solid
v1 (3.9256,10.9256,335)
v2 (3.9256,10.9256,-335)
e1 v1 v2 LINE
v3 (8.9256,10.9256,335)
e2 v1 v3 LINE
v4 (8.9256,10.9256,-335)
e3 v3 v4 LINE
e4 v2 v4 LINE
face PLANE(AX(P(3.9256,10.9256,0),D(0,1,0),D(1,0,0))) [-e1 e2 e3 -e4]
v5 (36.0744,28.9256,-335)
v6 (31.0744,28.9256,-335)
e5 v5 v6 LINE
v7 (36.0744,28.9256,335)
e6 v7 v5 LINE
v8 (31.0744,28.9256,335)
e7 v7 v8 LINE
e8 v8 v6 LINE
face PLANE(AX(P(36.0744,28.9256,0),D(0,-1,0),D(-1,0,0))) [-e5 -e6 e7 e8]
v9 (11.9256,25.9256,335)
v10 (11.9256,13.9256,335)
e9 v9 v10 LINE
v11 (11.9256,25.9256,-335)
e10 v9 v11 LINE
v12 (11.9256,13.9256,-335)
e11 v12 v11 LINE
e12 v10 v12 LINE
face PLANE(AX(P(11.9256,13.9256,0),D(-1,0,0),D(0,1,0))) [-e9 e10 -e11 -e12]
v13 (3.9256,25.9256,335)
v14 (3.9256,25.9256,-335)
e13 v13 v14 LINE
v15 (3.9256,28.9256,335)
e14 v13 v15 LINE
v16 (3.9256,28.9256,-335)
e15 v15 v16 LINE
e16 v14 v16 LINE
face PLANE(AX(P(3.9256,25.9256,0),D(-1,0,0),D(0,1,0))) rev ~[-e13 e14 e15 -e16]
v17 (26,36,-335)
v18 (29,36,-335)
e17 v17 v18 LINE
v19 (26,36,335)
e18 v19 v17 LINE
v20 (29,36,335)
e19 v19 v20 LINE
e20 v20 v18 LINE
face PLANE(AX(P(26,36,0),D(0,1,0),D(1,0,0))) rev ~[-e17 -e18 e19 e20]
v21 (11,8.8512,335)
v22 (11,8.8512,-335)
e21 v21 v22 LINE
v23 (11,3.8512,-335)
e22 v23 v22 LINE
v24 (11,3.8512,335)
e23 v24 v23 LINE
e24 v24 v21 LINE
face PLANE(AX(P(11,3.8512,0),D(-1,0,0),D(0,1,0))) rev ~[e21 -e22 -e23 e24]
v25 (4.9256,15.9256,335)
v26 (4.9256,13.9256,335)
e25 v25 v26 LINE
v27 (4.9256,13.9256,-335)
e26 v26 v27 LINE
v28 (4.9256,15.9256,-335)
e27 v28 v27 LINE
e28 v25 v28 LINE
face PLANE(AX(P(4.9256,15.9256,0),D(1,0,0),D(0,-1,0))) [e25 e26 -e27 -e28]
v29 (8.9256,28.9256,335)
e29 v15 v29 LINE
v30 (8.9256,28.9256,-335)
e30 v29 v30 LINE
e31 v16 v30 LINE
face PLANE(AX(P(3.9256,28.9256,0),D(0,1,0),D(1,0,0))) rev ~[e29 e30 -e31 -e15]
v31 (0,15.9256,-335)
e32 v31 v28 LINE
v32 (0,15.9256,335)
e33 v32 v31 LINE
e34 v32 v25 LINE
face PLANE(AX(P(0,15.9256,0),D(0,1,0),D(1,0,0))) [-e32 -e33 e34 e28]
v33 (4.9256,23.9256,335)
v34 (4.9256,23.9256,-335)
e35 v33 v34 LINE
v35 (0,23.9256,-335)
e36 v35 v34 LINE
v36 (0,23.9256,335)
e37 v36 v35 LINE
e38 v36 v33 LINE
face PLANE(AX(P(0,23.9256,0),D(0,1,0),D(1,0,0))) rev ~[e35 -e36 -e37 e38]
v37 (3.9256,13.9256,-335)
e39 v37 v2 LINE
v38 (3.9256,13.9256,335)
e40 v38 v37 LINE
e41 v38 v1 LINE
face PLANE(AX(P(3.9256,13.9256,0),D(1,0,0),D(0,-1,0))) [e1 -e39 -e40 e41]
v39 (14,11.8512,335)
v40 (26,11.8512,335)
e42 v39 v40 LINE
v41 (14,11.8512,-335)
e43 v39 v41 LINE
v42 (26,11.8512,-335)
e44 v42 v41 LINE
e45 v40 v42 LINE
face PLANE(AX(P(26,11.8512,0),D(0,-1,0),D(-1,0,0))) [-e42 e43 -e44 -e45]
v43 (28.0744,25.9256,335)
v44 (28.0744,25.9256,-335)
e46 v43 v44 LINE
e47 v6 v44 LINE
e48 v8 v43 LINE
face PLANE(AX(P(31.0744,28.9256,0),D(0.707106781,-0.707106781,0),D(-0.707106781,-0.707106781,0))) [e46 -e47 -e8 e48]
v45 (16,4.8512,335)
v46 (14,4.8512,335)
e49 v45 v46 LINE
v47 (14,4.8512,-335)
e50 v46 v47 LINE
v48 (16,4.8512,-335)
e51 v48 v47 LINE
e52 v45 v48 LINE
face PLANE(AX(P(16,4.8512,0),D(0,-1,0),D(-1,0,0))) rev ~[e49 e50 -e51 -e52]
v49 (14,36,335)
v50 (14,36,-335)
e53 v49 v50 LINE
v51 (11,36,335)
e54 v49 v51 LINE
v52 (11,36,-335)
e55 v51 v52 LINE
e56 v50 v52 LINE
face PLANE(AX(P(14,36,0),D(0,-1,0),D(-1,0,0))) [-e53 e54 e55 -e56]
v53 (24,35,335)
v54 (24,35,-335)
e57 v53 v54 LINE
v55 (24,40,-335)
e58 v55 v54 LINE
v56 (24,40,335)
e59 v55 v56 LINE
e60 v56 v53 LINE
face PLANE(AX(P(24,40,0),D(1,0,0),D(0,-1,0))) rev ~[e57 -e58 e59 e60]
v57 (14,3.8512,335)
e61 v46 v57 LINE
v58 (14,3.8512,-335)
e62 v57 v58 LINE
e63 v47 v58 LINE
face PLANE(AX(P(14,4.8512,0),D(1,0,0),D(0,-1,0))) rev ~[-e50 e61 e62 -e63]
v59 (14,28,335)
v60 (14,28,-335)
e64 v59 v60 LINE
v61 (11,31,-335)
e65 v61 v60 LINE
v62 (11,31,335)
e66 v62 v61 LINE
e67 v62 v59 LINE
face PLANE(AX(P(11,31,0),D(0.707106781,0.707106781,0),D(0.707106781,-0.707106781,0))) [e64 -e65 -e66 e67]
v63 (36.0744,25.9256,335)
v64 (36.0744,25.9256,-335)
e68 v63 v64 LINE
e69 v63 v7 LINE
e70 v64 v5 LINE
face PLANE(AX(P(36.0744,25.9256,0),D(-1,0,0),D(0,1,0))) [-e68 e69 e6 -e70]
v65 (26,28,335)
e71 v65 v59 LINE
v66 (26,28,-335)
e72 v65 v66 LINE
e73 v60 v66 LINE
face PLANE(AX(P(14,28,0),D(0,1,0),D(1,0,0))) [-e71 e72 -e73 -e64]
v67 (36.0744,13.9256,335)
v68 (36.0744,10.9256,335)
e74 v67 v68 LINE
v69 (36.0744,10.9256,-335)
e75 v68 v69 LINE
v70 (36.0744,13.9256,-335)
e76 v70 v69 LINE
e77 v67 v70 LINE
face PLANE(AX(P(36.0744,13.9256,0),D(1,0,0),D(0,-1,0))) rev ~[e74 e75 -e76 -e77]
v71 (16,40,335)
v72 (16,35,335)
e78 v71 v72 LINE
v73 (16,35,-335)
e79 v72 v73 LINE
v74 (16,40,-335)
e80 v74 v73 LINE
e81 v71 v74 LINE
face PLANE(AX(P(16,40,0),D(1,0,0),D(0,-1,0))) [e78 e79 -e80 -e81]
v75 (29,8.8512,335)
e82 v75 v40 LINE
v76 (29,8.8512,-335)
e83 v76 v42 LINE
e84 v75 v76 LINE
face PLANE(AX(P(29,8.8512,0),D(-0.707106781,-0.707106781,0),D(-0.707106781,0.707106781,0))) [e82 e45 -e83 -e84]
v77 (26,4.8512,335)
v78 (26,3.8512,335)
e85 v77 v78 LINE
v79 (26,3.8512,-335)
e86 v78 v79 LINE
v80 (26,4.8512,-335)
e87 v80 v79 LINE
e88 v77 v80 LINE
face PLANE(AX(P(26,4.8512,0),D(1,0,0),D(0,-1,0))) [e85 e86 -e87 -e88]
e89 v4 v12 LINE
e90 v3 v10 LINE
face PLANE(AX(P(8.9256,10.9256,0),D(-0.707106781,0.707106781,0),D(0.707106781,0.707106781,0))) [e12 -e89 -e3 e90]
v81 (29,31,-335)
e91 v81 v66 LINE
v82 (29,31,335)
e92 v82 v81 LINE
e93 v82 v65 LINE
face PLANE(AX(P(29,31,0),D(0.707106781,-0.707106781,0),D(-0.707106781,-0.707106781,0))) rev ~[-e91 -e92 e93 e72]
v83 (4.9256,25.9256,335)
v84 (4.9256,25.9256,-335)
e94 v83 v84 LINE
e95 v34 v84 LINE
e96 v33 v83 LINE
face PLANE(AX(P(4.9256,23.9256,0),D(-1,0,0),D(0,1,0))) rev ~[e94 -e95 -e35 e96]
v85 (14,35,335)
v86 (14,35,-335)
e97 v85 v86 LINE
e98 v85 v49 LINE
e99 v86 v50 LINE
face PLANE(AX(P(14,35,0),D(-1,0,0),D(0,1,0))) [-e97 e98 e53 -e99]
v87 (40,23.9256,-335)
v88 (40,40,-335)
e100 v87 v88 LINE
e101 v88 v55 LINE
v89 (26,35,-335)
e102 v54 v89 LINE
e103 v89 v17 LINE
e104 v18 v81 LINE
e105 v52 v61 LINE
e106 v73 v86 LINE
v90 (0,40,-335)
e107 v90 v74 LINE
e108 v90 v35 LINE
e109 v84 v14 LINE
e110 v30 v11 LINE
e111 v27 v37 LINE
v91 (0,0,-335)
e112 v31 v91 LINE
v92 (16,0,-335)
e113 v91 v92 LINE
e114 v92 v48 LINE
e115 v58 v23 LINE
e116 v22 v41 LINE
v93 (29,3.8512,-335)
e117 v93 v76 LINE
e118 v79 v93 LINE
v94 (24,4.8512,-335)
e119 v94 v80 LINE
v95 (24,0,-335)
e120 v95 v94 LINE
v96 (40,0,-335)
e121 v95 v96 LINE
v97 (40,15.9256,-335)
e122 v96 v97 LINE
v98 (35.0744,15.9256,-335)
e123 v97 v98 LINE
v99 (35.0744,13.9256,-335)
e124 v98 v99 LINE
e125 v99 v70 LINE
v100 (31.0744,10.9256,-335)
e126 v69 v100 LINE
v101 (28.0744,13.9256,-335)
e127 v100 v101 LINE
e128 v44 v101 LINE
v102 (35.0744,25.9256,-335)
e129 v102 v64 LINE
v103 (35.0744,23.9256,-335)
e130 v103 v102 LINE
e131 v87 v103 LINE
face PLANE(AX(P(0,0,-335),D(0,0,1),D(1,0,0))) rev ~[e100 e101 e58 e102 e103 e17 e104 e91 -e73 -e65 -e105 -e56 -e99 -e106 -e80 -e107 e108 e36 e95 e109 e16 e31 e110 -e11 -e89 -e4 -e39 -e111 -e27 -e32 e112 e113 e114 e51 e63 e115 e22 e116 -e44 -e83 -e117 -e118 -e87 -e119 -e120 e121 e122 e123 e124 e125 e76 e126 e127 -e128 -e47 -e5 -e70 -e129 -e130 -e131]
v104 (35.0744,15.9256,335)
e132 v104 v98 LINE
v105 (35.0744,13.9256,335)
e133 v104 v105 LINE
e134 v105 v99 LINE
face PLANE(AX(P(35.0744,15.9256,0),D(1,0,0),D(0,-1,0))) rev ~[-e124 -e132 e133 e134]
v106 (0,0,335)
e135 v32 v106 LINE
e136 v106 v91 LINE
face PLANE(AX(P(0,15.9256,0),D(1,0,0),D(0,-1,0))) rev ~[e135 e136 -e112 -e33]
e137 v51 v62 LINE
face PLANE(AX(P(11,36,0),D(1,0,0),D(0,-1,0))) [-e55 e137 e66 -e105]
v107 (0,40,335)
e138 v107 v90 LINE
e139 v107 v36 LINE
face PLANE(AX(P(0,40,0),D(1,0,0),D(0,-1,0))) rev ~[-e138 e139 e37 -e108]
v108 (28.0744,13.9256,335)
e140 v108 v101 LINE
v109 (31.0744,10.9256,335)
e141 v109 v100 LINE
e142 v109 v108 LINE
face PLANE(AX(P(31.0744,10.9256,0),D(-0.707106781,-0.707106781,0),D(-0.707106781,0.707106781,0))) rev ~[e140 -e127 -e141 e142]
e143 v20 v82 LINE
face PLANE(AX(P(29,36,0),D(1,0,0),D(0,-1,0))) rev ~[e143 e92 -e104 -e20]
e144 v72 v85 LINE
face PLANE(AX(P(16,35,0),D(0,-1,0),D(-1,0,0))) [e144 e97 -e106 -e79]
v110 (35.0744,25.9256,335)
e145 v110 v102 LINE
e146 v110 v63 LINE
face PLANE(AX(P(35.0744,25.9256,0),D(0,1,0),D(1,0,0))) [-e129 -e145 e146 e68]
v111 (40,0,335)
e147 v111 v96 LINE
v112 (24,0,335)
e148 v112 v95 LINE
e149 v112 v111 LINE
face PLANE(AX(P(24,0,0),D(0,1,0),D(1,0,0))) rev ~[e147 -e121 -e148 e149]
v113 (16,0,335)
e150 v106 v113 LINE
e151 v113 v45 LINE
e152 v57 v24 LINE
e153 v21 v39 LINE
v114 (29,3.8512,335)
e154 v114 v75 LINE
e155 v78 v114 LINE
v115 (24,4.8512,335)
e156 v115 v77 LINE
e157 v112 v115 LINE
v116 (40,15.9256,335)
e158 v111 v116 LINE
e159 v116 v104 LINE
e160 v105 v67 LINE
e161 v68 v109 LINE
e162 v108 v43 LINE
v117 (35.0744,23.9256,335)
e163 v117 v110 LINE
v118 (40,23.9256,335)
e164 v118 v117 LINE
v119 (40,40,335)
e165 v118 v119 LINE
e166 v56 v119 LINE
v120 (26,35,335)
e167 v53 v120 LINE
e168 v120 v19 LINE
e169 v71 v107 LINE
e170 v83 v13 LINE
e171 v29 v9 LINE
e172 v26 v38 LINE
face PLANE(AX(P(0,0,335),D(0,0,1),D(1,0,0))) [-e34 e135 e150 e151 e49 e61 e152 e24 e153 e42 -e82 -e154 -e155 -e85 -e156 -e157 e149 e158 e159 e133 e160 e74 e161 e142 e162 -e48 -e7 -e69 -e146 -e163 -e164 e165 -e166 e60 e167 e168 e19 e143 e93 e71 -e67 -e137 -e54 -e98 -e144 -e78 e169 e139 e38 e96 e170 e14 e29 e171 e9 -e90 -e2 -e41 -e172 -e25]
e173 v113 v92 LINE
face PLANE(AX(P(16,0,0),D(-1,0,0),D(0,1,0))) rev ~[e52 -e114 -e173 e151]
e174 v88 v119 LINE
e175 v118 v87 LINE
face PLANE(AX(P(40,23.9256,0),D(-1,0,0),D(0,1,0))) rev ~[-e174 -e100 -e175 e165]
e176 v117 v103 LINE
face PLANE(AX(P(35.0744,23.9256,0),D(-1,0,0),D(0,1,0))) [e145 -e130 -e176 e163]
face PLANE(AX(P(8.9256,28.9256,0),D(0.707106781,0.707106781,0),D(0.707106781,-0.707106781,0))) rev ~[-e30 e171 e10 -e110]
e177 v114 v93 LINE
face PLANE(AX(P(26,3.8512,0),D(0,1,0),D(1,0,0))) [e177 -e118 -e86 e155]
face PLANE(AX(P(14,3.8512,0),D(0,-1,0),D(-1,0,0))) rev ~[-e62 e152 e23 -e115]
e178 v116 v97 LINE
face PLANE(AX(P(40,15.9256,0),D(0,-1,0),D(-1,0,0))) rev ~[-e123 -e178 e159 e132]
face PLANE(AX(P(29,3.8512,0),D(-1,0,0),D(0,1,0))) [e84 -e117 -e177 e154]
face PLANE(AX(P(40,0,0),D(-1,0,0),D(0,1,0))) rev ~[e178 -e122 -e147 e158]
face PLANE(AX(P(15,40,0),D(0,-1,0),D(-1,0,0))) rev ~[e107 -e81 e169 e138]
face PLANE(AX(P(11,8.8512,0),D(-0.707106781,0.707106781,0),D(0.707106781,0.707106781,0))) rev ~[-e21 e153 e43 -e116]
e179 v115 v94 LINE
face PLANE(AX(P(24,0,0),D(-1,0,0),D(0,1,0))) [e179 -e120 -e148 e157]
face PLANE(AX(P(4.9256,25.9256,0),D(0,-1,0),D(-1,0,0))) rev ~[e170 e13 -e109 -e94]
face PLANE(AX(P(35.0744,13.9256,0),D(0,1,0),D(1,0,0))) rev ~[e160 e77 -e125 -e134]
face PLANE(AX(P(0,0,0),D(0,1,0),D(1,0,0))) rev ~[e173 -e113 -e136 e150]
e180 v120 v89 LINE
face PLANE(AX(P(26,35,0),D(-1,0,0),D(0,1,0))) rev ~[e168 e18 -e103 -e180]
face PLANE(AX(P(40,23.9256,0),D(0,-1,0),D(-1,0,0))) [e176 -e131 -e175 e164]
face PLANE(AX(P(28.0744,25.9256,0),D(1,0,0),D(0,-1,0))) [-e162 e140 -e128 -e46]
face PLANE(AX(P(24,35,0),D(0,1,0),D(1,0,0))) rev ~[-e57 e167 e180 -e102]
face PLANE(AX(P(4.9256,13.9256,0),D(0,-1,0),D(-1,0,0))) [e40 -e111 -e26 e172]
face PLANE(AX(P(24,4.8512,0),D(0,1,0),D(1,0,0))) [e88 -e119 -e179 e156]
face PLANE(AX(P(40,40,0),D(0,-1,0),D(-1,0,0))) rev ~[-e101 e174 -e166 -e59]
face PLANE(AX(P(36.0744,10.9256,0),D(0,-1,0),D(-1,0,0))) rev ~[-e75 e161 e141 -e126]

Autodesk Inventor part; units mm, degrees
ref_plane "YZ Plane" through (0, 0, 0) normal (1, 0, 0) x (0, 1, 0)
ref_plane "XZ Plane" through (0, 0, 0) normal (0, 1, 0) x (-1, 0, 0)
ref_plane "XY Plane" through (0, 0, 0) normal (0, 0, 1) x (1, 0, 0)
sketch "스케치1" plane through (0, 0, 0) normal (0, 0, 1) x (1, 0, 0)
  line L0 (40, 40) -> (25, 40)
  line L1 (15, 40) -> (0, 40)
  line L2 (16, 40) -> (16, 35)
  line L3 (16, 35) -> (14, 35)
  line L4 (14, 35) -> (14, 36)
  line L5 (14, 36) -> (11, 36)
  line L6 (11, 36) -> (11, 31)
  line L7 (11, 31) -> (14, 28)
  line L8 (11, 31) -> (20.81, 31) construction
  line L9 (14, 28) -> (20, 28)
  line L10 (24, 40) -> (24, 35)
  line L11 (24, 35) -> (26, 35)
  line L12 (26, 35) -> (26, 36)
  line L13 (26, 36) -> (29, 36)
  line L14 (29, 36) -> (29, 31)
  line L15 (29, 31) -> (26, 28)
  line L16 (29, 31) -> (19.19, 31) construction
  line L17 (26, 28) -> (20, 28)
  line L18 (-0.0744, 15.9256) -> (4.9256, 15.9256)
  line L19 (-0.0744, 23.9256) -> (4.9256, 23.9256)
  line L20 (4.9256, 23.9256) -> (4.9256, 25.9256)
  line L21 (11.9256, 25.9256) -> (11.9256, 19.9256)
  line L22 (8.9256, 28.9256) -> (8.9256, 19.1155) construction
  line L23 (8.9256, 28.9256) -> (11.9256, 25.9256)
  line L24 (3.9256, 28.9256) -> (8.9256, 28.9256)
  line L25 (3.9256, 25.9256) -> (3.9256, 28.9256)
  line L26 (4.9256, 25.9256) -> (3.9256, 25.9256)
  line L27 (4.9256, 15.9256) -> (4.9256, 13.9256)
  line L28 (11.9256, 13.9256) -> (11.9256, 19.9256)
  line L29 (4.9256, 13.9256) -> (3.9256, 13.9256)
  line L30 (8.9256, 10.9256) -> (11.9256, 13.9256)
  line L31 (8.9256, 10.9256) -> (8.9256, 20.7356) construction
  line L32 (3.9256, 13.9256) -> (3.9256, 10.9256)
  line L33 (3.9256, 10.9256) -> (8.9256, 10.9256)
  line L34 (24, -0.1488) -> (24, 4.8512)
  line L35 (16, -0.1488) -> (16, 4.8512)
  line L36 (16, 4.8512) -> (14, 4.8512)
  line L37 (14, 11.8512) -> (20, 11.8512)
  line L38 (11, 8.8512) -> (20.81, 8.8512) construction
  line L39 (11, 8.8512) -> (14, 11.8512)
  line L40 (11, 3.8512) -> (11, 8.8512)
  line L41 (14, 3.8512) -> (11, 3.8512)
  line L42 (14, 4.8512) -> (14, 3.8512)
  line L43 (24, 4.8512) -> (26, 4.8512)
  line L44 (26, 11.8512) -> (20, 11.8512)
  line L45 (26, 4.8512) -> (26, 3.8512)
  line L46 (29, 8.8512) -> (26, 11.8512)
  line L47 (29, 8.8512) -> (19.19, 8.8512) construction
  line L48 (26, 3.8512) -> (29, 3.8512)
  line L49 (29, 3.8512) -> (29, 8.8512)
  line L50 (40.0744, 23.9256) -> (35.0744, 23.9256)
  line L51 (40.0744, 15.9256) -> (35.0744, 15.9256)
  line L52 (35.0744, 15.9256) -> (35.0744, 13.9256)
  line L53 (28.0744, 13.9256) -> (28.0744, 19.9256)
  line L54 (31.0744, 10.9256) -> (31.0744, 20.7356) construction
  line L55 (31.0744, 10.9256) -> (28.0744, 13.9256)
  line L56 (36.0744, 10.9256) -> (31.0744, 10.9256)
  line L57 (36.0744, 13.9256) -> (36.0744, 10.9256)
  line L58 (35.0744, 13.9256) -> (36.0744, 13.9256)
  line L59 (35.0744, 23.9256) -> (35.0744, 25.9256)
  line L60 (28.0744, 25.9256) -> (28.0744, 19.9256)
  line L61 (35.0744, 25.9256) -> (36.0744, 25.9256)
  line L62 (31.0744, 28.9256) -> (28.0744, 25.9256)
  line L63 (31.0744, 28.9256) -> (31.0744, 19.1155) construction
  line L64 (36.0744, 25.9256) -> (36.0744, 28.9256)
  line L65 (36.0744, 28.9256) -> (31.0744, 28.9256)
  line L66 (11, 20) -> (11.9256, 20)
  line L67 (28.0744, 20) -> (29, 20)
  line L68 (20, 3.8512) -> (20, 4.8512)
  line L69 (20, 35) -> (20, 36)
  line L70 (15, 40) -> (16, 40)
  line L71 (24, 40) -> (25, 40)
  line L72 (0, 40) -> (0, 23.9256)
  line L73 (0, 15.9256) -> (0, 0)
  line L74 (40, 0) -> (40, 15.9256)
  line L75 (40, 23.9256) -> (40, 40)
  line L76 (0, 0) -> (16, 0)
  line L77 (24, 0) -> (40, 0)
  point P0 (25, 38)
  point P1 (20, 19.9256)
  point P2 (15, 35)
  point P3 (25, 35)
  point P4 (4.9256, 24.9256)
  point P5 (4.9256, 14.9256)
  point P6 (15, 4.8512)
  point P7 (25, 4.8512)
  point P8 (35.0744, 14.9256)
  point P9 (35.0744, 24.9256)
  dimension "d0" = 40
  dimension "d1" = 40
  dimension "d14" = 2
  dimension "d15" = 5
  dimension "d16" = 1
  dimension "d17" = 3
  dimension "d18" = 5
  dimension "d19" = 45
  dimension "d21" = 7
  dimension "d24" = 360
extrude "돌출1" add sketch "스케치1" along normal mid plane 670
properties part number "67" material "철, 회색"
